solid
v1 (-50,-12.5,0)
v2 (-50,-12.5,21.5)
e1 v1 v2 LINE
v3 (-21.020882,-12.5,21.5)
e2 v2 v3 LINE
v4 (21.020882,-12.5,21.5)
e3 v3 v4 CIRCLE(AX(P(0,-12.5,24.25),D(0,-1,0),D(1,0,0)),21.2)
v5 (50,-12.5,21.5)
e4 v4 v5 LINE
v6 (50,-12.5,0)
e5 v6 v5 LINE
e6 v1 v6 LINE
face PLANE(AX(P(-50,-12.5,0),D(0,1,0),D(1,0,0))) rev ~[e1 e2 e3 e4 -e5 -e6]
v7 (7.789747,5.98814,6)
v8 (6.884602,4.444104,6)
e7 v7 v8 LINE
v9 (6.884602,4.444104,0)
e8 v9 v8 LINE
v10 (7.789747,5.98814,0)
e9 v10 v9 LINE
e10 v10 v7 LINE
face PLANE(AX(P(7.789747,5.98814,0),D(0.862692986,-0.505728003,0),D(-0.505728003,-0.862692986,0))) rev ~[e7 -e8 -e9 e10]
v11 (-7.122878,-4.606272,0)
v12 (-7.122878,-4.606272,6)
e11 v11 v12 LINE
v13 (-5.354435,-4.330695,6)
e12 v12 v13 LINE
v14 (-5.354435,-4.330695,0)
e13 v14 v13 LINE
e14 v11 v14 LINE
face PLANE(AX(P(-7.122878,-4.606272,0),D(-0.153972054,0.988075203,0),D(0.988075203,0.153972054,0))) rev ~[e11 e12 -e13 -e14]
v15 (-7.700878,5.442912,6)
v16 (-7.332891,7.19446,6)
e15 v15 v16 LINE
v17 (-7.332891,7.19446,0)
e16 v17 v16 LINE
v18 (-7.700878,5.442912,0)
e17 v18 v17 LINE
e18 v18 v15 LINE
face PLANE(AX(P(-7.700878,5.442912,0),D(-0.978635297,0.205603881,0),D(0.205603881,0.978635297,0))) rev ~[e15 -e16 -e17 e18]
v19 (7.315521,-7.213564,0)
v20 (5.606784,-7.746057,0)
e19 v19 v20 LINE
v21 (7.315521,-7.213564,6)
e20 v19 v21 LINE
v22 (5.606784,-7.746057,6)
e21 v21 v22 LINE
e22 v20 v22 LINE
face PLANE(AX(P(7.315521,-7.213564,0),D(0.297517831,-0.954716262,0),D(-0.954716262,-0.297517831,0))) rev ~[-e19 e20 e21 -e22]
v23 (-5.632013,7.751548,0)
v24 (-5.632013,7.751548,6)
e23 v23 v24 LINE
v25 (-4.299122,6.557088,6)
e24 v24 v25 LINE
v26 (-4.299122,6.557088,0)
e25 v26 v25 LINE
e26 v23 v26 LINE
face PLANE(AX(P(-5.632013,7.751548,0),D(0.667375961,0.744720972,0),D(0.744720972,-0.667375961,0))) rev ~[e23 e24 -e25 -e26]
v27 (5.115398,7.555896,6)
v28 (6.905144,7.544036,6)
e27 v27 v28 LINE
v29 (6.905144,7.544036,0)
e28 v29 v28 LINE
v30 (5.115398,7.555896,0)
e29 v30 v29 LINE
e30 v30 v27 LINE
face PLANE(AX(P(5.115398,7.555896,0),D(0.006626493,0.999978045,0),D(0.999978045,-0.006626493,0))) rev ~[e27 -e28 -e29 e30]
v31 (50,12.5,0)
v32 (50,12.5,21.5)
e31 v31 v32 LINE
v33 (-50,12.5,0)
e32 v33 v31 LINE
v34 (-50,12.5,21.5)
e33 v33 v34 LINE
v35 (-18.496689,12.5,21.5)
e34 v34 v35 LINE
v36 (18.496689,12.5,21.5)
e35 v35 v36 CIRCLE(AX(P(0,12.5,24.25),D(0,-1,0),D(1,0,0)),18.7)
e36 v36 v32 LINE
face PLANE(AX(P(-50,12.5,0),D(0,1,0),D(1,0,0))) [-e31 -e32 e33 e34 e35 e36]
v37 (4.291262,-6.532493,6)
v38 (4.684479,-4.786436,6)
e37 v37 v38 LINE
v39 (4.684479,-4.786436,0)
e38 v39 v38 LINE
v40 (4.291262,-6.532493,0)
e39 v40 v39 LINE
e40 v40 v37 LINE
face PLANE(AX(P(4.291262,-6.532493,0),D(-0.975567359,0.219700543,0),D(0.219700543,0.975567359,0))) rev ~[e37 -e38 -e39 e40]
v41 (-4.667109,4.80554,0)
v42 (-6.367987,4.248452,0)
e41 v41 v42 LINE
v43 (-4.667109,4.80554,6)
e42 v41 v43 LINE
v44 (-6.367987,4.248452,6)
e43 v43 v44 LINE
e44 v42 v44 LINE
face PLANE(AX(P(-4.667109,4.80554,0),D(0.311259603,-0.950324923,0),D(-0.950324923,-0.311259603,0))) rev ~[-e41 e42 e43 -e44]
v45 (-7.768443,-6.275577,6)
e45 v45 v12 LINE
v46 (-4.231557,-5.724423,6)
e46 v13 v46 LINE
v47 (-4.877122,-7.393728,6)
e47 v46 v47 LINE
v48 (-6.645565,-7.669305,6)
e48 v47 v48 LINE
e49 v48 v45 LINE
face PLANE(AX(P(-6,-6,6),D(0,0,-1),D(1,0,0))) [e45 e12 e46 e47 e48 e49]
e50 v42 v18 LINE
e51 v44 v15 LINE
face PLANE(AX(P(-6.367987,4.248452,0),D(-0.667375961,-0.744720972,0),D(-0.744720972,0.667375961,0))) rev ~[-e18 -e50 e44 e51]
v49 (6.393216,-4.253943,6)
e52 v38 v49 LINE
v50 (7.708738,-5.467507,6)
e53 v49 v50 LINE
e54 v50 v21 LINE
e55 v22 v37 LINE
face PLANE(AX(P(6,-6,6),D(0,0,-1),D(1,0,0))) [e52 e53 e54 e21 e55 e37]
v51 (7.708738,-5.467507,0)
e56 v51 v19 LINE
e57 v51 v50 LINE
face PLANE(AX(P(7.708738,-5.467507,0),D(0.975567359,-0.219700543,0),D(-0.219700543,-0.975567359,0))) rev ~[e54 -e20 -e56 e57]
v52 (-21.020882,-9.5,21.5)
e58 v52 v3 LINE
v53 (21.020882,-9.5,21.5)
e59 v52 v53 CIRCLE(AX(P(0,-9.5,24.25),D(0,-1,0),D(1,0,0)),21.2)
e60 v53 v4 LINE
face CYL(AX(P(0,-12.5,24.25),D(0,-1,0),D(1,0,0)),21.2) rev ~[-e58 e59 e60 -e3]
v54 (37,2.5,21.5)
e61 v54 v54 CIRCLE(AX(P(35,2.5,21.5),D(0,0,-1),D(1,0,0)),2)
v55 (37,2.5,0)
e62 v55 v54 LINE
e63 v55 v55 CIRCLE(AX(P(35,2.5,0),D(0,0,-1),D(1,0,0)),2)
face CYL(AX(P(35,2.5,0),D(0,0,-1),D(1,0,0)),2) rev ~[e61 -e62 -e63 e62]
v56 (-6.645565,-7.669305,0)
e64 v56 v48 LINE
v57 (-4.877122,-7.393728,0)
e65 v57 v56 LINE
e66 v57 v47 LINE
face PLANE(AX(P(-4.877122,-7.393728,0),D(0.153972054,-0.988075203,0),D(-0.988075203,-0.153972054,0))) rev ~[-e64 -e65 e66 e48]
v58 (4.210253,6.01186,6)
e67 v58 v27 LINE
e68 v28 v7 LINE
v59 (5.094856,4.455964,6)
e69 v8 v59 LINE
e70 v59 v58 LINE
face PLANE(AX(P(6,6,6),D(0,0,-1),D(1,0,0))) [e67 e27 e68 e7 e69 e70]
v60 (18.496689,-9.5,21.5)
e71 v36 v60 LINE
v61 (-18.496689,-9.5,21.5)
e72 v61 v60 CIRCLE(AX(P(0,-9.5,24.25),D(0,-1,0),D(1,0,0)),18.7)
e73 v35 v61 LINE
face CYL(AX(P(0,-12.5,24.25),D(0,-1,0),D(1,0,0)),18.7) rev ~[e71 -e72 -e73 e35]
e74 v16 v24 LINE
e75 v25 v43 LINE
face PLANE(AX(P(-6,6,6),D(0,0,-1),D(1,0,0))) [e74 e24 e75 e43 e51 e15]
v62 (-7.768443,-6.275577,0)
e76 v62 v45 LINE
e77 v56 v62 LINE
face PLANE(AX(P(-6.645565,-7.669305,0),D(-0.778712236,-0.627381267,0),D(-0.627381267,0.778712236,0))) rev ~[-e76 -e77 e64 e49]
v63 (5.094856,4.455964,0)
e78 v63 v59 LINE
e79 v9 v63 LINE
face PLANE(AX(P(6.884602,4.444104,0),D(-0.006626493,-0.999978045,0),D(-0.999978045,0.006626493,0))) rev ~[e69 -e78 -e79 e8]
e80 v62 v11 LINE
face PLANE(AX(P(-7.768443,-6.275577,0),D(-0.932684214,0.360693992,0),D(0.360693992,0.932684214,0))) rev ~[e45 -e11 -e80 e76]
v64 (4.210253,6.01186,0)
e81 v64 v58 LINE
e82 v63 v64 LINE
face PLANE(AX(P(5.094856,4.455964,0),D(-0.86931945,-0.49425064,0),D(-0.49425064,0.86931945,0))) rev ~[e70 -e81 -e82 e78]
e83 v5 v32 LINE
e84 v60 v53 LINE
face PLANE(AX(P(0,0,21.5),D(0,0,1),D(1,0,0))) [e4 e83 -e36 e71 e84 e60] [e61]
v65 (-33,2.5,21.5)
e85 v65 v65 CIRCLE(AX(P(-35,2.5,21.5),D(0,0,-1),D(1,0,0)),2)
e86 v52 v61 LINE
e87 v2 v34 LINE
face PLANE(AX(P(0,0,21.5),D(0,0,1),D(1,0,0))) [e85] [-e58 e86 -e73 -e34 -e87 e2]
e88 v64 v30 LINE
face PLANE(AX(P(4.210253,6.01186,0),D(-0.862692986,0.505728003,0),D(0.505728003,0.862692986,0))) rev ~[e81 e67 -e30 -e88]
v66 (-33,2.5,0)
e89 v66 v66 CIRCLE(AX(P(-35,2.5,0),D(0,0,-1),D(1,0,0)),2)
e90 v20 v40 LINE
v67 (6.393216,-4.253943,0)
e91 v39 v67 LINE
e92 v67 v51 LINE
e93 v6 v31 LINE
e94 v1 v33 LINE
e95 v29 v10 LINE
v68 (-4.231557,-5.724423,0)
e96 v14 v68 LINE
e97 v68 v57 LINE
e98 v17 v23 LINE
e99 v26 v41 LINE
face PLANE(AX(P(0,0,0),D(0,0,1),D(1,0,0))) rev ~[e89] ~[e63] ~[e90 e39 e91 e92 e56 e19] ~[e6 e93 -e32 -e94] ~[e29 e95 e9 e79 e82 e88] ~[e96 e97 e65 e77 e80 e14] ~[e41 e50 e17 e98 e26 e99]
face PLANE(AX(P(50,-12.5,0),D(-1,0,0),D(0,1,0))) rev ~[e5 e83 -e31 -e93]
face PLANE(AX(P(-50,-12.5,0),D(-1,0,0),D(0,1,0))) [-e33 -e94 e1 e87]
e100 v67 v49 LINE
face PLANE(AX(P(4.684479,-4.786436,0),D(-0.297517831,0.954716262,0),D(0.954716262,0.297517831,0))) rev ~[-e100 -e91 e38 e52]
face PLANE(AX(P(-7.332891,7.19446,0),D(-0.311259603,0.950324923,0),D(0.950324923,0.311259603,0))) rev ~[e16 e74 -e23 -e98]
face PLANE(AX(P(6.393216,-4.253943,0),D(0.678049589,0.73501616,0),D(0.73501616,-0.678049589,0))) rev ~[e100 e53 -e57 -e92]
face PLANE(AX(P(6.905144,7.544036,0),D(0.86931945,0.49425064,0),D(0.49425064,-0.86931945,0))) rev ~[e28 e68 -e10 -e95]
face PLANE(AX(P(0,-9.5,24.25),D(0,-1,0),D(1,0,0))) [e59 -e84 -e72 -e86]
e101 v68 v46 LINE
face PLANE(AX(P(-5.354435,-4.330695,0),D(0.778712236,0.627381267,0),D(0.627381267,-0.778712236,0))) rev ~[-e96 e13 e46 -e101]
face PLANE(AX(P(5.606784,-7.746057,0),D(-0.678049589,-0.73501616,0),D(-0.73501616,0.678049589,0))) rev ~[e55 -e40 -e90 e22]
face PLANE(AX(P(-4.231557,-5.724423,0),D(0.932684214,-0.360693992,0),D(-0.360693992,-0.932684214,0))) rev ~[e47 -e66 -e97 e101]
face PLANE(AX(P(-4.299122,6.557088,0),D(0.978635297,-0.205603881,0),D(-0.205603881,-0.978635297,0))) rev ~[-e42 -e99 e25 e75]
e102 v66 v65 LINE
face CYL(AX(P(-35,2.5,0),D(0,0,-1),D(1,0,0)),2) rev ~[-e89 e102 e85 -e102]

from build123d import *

# Parameters (mm, degrees)
SKETCH_W        = 100
SKETCH_H        = 25
PAD_DEPTH       = 21.5
SKETCH001_R     = 18.7
POCKET_DEPTH    = 25.001
SKETCH002_R     = 21.2
POCKET001_DEPTH = 3
SKETCH003_R     = 2
POCKET002_DEPTH = 21.501
POCKET003_DEPTH = 6


with BuildPart() as part:
    # Sketch → Pad (new body)
    with BuildSketch(Plane.XY):
        Rectangle(SKETCH_W, SKETCH_H)
    extrude(amount=PAD_DEPTH)

    # Sketch001 → Pocket (cut, through all)
    with BuildSketch(Plane.XZ.offset(12.5)):
        with Locations((0, 24.25)):
            Circle(SKETCH001_R)
    extrude(amount=-POCKET_DEPTH, mode=Mode.SUBTRACT)

    # Sketch002 → Pocket001 (cut)
    with BuildSketch(Plane.XZ.offset(12.5)):
        with Locations((0, 24.25)):
            Circle(SKETCH002_R)
    extrude(amount=-POCKET001_DEPTH, mode=Mode.SUBTRACT)

    # Sketch003 → Pocket002 (cut, through all)
    with BuildSketch(Plane(origin=(0, 0, 0), x_dir=(1, 0, 0), z_dir=(0, 0, -1))):
        with Locations((-35, -2.5)):
            Circle(SKETCH003_R)
        with Locations((35, -2.5)):
            Circle(SKETCH003_R)
    extrude(amount=-POCKET002_DEPTH, mode=Mode.SUBTRACT)

    # Sketch004 → Pocket003 (cut)
    with BuildSketch(Plane(origin=(0, 0, 0), x_dir=(1, 0, 0), z_dir=(0, 0, -1))):
        Polygon((-4.231557, 5.724423), (-4.877122, 7.393728), (-6.645565, 7.669305), (-7.768443, 6.275577), (-7.122878, 4.606272), (-5.354435, 4.330695), align=None)
        Polygon((6.393216, 4.253943), (7.708738, 5.467507), (7.315521, 7.213564), (5.606784, 7.746057), (4.291262, 6.532493), (4.684479, 4.786436), align=None)
        Polygon((-5.632013, -7.751548), (-4.299122, -6.557088), (-4.667109, -4.80554), (-6.367987, -4.248452), (-7.700878, -5.442912), (-7.332891, -7.19446), align=None)
        Polygon((6.905144, -7.544036), (7.789747, -5.98814), (6.884602, -4.444104), (5.094856, -4.455964), (4.210253, -6.01186), (5.115398, -7.555896), align=None)
    extrude(amount=-POCKET003_DEPTH, mode=Mode.SUBTRACT)


solid = part.part
